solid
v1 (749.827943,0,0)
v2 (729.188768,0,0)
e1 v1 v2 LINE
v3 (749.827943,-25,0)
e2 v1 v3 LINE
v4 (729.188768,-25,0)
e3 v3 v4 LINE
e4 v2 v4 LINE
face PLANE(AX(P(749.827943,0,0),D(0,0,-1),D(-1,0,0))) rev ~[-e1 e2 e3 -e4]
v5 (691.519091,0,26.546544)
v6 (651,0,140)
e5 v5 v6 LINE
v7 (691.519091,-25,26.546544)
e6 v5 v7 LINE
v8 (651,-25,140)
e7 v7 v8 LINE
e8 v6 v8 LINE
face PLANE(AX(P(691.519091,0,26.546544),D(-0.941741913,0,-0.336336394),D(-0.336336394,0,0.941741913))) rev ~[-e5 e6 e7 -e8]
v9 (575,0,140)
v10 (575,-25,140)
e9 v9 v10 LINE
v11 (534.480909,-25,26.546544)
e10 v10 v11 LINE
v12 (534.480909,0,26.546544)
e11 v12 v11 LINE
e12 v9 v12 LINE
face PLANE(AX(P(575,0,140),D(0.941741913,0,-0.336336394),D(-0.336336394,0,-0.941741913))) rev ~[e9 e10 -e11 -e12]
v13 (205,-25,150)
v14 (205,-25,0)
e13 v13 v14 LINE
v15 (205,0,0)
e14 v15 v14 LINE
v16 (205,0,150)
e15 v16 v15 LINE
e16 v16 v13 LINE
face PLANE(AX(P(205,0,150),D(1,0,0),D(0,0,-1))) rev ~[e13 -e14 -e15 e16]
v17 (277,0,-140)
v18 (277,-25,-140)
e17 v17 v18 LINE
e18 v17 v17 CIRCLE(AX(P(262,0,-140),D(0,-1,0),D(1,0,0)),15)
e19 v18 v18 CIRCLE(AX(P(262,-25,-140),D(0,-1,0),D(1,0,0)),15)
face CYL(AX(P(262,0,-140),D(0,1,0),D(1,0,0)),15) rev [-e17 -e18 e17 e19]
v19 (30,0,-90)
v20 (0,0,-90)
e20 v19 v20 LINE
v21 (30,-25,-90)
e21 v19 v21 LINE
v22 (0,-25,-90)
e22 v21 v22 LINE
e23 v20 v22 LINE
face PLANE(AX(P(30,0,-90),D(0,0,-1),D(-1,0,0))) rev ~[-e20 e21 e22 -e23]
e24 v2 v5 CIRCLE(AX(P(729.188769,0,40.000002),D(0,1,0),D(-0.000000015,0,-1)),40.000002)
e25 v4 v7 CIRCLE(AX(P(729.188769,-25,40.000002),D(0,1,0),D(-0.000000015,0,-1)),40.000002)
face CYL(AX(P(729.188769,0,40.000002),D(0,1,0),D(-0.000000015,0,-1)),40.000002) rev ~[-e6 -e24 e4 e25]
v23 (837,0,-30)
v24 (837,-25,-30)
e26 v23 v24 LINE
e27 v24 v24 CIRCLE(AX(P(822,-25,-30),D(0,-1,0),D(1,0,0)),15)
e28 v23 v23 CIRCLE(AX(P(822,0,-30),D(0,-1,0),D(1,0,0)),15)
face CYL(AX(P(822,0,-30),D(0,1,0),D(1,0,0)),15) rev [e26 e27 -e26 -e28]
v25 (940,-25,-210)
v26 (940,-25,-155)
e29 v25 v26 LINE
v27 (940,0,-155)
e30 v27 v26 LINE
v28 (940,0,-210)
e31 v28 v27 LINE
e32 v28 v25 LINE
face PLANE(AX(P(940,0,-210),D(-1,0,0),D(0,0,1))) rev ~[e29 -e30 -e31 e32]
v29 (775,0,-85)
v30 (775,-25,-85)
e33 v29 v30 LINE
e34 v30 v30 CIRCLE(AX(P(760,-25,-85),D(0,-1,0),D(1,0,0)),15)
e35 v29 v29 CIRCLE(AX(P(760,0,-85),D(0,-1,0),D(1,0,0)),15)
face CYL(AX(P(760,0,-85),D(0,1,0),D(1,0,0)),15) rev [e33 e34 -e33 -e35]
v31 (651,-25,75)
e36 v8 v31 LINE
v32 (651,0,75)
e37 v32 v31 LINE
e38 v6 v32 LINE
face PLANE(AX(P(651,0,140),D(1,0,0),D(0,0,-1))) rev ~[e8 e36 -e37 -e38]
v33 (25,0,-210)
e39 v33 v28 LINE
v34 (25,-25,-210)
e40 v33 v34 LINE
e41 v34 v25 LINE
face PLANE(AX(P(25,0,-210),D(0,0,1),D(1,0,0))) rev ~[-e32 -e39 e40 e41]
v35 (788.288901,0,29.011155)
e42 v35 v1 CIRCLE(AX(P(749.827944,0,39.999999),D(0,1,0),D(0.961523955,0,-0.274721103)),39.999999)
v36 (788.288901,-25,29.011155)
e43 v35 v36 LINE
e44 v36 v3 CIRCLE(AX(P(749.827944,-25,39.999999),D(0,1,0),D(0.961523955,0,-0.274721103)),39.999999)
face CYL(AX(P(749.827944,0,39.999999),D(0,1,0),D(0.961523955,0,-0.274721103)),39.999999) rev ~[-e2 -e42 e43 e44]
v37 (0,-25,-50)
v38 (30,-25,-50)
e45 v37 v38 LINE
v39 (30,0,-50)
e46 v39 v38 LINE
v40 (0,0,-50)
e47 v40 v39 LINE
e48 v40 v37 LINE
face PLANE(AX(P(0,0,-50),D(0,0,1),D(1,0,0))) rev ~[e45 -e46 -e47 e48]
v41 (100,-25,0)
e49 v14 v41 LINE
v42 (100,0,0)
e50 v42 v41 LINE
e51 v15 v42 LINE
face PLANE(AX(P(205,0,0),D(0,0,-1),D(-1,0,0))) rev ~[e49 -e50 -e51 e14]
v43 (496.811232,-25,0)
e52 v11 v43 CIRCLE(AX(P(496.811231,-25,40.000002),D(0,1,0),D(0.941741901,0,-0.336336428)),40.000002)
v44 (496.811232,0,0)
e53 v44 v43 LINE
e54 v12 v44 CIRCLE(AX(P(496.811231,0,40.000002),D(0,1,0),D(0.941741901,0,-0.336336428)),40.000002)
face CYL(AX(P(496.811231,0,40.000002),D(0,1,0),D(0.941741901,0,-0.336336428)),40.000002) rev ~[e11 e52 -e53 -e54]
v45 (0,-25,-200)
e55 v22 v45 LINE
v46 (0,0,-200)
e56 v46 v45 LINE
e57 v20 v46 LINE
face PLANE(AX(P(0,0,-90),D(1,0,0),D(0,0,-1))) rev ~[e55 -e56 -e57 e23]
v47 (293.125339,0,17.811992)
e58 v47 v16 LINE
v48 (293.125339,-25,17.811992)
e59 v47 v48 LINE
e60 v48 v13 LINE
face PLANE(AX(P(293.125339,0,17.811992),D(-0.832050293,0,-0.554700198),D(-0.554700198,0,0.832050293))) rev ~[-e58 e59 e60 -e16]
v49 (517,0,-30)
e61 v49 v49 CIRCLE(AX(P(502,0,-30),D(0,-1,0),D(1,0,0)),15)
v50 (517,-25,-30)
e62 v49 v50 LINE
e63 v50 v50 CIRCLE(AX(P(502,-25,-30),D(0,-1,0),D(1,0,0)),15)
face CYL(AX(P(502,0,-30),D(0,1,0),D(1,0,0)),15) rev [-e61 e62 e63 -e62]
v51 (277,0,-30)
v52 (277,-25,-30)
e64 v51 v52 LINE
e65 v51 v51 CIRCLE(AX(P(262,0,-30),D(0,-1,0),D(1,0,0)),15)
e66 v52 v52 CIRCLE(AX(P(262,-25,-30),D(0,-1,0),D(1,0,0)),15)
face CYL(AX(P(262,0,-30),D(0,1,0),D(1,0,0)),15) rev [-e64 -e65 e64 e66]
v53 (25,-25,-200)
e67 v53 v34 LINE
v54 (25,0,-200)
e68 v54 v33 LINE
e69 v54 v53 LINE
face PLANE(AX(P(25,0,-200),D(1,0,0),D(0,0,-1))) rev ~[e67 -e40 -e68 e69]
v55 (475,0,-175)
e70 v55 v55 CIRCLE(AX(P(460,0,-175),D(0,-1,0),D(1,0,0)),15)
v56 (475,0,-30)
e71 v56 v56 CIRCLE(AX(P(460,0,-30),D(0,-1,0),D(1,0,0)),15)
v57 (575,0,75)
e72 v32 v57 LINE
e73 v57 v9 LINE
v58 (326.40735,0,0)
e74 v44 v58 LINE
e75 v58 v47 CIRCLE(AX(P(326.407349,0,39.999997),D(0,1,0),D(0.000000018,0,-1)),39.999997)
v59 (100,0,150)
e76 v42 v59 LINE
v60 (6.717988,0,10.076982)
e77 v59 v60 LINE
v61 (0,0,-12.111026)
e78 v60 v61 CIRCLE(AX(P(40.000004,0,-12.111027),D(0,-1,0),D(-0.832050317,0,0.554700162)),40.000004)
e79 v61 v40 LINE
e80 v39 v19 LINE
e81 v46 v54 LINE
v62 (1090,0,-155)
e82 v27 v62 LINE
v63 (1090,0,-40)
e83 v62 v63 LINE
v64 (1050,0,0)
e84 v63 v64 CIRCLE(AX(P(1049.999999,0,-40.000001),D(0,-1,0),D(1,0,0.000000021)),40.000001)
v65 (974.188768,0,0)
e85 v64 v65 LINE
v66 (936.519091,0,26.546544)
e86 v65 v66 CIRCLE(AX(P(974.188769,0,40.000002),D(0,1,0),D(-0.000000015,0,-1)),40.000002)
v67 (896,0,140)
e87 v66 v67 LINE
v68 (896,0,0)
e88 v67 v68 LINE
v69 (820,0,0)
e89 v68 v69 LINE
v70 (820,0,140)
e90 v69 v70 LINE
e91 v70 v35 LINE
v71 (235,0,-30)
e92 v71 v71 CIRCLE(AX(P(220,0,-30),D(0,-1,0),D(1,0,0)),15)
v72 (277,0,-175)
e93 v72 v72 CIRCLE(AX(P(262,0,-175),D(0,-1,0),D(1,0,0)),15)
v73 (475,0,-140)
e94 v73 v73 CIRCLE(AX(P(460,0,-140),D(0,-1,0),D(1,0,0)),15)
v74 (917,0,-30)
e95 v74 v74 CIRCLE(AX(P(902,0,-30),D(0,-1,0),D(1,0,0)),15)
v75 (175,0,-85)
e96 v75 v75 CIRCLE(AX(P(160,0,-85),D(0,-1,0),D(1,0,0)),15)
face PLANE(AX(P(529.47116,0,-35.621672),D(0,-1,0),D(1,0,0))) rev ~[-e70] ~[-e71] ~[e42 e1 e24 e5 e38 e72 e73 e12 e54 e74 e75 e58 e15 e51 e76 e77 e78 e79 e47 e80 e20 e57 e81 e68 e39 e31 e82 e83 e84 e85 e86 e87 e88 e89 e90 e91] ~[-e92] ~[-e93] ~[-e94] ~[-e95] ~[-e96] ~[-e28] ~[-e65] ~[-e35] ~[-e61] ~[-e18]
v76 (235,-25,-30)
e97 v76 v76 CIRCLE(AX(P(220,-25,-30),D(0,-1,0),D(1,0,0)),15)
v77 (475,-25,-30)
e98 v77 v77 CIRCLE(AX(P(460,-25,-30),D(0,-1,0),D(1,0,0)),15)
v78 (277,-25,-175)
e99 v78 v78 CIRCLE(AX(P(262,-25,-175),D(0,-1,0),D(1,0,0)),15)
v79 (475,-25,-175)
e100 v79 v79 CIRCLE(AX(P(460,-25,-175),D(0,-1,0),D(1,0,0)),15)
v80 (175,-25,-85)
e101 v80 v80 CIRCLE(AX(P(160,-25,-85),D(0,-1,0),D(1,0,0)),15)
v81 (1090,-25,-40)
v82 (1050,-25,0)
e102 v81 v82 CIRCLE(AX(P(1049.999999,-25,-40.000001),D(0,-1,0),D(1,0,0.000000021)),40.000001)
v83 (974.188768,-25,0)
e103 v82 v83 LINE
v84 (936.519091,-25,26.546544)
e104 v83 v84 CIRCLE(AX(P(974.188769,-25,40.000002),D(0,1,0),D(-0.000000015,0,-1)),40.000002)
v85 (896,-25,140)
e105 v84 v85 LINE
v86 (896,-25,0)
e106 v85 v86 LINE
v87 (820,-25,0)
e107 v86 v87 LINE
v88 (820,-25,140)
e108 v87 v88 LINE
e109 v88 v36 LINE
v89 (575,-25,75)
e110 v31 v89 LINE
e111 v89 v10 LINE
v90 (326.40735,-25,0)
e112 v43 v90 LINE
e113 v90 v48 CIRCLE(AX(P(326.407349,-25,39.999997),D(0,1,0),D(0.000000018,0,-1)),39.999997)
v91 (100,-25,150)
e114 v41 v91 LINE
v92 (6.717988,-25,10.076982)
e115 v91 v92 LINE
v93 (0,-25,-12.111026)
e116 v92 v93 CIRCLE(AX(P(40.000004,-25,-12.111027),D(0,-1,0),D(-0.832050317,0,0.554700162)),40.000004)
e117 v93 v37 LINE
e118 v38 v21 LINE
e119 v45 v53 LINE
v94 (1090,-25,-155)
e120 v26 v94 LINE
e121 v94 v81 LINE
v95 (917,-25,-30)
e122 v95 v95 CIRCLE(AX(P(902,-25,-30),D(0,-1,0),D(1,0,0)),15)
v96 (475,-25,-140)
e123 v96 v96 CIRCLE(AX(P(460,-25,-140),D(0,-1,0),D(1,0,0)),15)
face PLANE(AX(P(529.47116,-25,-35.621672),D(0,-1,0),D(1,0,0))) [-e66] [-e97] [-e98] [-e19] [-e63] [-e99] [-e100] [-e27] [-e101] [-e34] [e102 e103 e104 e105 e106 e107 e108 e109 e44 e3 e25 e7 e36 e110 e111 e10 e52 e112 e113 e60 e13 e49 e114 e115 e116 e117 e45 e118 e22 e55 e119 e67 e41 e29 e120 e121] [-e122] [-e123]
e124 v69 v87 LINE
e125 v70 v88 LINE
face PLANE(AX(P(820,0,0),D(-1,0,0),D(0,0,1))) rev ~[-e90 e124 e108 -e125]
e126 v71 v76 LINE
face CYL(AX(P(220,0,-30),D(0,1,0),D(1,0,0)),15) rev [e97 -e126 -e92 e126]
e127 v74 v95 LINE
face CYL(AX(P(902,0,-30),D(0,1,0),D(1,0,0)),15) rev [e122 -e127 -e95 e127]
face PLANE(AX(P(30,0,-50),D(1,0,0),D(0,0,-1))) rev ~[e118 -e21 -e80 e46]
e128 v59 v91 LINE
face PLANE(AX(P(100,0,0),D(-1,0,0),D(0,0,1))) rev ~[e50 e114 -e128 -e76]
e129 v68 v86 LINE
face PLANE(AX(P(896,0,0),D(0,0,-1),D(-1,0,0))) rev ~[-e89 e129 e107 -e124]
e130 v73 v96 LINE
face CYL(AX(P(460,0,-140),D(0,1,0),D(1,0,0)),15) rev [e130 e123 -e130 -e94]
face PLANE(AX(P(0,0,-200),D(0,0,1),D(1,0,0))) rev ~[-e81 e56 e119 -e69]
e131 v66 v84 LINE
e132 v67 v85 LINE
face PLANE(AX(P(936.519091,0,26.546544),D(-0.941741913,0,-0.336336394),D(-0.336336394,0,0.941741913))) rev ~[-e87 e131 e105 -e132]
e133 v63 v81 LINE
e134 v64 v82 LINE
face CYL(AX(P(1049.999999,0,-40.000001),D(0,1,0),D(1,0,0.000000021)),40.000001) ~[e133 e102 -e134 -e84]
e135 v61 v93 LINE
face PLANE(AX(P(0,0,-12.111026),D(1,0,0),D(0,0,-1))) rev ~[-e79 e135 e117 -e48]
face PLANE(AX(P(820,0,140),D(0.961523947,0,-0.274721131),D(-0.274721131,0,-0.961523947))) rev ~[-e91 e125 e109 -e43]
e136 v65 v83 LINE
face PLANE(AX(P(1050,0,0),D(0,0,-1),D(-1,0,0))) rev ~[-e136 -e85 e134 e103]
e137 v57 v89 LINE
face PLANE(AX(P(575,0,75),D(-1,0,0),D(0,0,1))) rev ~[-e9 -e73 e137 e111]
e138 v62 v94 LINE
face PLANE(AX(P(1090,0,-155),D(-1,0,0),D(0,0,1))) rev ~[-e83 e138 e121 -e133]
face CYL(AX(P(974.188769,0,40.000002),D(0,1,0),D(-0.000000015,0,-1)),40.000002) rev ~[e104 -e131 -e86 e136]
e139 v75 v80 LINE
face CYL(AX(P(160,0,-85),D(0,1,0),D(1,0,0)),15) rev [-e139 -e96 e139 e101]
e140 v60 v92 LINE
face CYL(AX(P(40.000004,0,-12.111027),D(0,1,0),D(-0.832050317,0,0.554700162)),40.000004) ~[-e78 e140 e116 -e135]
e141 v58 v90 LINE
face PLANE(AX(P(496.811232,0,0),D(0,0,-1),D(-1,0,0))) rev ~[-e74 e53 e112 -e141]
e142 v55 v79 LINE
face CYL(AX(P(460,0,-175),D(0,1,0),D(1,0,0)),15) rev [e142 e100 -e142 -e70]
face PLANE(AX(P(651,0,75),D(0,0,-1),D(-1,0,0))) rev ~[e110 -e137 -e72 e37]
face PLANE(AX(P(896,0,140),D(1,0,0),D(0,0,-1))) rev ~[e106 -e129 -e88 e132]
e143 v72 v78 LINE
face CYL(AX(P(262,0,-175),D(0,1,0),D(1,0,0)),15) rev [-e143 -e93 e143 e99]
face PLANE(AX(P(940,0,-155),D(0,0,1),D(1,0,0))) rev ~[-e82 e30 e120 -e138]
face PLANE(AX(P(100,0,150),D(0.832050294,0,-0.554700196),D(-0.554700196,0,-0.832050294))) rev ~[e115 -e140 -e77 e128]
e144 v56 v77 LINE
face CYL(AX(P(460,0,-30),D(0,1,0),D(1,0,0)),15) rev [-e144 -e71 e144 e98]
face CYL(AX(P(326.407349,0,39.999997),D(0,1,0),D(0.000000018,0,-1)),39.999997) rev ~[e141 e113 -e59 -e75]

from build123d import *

# Parameters (mm, degrees)
F0_R     = 15
F1_DEPTH = 25


with BuildPart() as f1:
    # F0 (on Front) → F1 (new body)
    with BuildSketch(Plane.XZ):
        with BuildLine():
            Line((100, 150), (6.717988, 10.076982))
            ThreePointArc((6.717988, 10.076982), (1.716319, -0.51966), (0, -12.111026))
            Line((0, -12.111026), (0, -50))
            Line((0, -50), (30, -50))
            Line((30, -50), (30, -90))
            Line((30, -90), (0, -90))
            Line((0, -90), (0, -200))
            Line((0, -200), (25, -200))
            Line((25, -200), (25, -210))
            Line((25, -210), (940, -210))
            Line((940, -210), (940, -155))
            Line((940, -155), (1090, -155))
            Line((1090, -155), (1090, -40))
            ThreePointArc((1090, -40), (1078.284271, -11.715729), (1050, 0))
            Line((1050, 0), (974.188768, 0))
            ThreePointArc((974.188768, 0), (951.14683, 7.303378), (936.519091, 26.546544))
            Line((936.519091, 26.546544), (896, 140))
            Line((896, 140), (896, 0))
            Line((896, 0), (820, 0))
            Line((820, 0), (820, 140))
            Line((820, 140), (788.288901, 29.011155))
            ThreePointArc((788.288901, 29.011155), (773.915764, 8.066054), (749.827943, 0))
            Line((749.827943, 0), (729.188768, 0))
            ThreePointArc((729.188768, 0), (706.14683, 7.303378), (691.519091, 26.546544))
            Line((691.519091, 26.546544), (651, 140))
            Line((651, 140), (651, 75))
            Line((651, 75), (575, 75))
            Line((575, 75), (575, 140))
            Line((575, 140), (534.480909, 26.546544))
            ThreePointArc((534.480909, 26.546544), (519.85317, 7.303378), (496.811232, 0))
            Line((496.811232, 0), (326.40735, 0))
            ThreePointArc((326.40735, 0), (307.533033, 4.733016), (293.125339, 17.811992))
            Line((293.125339, 17.811992), (205, 150))
            Line((205, 150), (205, 0))
            Line((205, 0), (100, 0))
            Line((100, 0), (100, 150))
        make_face()
        with Locations((262, -175)):
            Circle(F0_R, mode=Mode.SUBTRACT)
        with Locations((262, -140)):
            Circle(F0_R, mode=Mode.SUBTRACT)
        with Locations((460, -175)):
            Circle(F0_R, mode=Mode.SUBTRACT)
        with Locations((460, -140)):
            Circle(F0_R, mode=Mode.SUBTRACT)
        with Locations((160, -85)):
            Circle(F0_R, mode=Mode.SUBTRACT)
        with Locations((760, -85)):
            Circle(F0_R, mode=Mode.SUBTRACT)
        with Locations((220, -30)):
            Circle(F0_R, mode=Mode.SUBTRACT)
        with Locations((262, -30)):
            Circle(F0_R, mode=Mode.SUBTRACT)
        with Locations((460, -30)):
            Circle(F0_R, mode=Mode.SUBTRACT)
        with Locations((502, -30)):
            Circle(F0_R, mode=Mode.SUBTRACT)
        with Locations((822, -30)):
            Circle(F0_R, mode=Mode.SUBTRACT)
        with Locations((902, -30)):
            Circle(F0_R, mode=Mode.SUBTRACT)
    extrude(amount=F1_DEPTH)


solid = f1.part
